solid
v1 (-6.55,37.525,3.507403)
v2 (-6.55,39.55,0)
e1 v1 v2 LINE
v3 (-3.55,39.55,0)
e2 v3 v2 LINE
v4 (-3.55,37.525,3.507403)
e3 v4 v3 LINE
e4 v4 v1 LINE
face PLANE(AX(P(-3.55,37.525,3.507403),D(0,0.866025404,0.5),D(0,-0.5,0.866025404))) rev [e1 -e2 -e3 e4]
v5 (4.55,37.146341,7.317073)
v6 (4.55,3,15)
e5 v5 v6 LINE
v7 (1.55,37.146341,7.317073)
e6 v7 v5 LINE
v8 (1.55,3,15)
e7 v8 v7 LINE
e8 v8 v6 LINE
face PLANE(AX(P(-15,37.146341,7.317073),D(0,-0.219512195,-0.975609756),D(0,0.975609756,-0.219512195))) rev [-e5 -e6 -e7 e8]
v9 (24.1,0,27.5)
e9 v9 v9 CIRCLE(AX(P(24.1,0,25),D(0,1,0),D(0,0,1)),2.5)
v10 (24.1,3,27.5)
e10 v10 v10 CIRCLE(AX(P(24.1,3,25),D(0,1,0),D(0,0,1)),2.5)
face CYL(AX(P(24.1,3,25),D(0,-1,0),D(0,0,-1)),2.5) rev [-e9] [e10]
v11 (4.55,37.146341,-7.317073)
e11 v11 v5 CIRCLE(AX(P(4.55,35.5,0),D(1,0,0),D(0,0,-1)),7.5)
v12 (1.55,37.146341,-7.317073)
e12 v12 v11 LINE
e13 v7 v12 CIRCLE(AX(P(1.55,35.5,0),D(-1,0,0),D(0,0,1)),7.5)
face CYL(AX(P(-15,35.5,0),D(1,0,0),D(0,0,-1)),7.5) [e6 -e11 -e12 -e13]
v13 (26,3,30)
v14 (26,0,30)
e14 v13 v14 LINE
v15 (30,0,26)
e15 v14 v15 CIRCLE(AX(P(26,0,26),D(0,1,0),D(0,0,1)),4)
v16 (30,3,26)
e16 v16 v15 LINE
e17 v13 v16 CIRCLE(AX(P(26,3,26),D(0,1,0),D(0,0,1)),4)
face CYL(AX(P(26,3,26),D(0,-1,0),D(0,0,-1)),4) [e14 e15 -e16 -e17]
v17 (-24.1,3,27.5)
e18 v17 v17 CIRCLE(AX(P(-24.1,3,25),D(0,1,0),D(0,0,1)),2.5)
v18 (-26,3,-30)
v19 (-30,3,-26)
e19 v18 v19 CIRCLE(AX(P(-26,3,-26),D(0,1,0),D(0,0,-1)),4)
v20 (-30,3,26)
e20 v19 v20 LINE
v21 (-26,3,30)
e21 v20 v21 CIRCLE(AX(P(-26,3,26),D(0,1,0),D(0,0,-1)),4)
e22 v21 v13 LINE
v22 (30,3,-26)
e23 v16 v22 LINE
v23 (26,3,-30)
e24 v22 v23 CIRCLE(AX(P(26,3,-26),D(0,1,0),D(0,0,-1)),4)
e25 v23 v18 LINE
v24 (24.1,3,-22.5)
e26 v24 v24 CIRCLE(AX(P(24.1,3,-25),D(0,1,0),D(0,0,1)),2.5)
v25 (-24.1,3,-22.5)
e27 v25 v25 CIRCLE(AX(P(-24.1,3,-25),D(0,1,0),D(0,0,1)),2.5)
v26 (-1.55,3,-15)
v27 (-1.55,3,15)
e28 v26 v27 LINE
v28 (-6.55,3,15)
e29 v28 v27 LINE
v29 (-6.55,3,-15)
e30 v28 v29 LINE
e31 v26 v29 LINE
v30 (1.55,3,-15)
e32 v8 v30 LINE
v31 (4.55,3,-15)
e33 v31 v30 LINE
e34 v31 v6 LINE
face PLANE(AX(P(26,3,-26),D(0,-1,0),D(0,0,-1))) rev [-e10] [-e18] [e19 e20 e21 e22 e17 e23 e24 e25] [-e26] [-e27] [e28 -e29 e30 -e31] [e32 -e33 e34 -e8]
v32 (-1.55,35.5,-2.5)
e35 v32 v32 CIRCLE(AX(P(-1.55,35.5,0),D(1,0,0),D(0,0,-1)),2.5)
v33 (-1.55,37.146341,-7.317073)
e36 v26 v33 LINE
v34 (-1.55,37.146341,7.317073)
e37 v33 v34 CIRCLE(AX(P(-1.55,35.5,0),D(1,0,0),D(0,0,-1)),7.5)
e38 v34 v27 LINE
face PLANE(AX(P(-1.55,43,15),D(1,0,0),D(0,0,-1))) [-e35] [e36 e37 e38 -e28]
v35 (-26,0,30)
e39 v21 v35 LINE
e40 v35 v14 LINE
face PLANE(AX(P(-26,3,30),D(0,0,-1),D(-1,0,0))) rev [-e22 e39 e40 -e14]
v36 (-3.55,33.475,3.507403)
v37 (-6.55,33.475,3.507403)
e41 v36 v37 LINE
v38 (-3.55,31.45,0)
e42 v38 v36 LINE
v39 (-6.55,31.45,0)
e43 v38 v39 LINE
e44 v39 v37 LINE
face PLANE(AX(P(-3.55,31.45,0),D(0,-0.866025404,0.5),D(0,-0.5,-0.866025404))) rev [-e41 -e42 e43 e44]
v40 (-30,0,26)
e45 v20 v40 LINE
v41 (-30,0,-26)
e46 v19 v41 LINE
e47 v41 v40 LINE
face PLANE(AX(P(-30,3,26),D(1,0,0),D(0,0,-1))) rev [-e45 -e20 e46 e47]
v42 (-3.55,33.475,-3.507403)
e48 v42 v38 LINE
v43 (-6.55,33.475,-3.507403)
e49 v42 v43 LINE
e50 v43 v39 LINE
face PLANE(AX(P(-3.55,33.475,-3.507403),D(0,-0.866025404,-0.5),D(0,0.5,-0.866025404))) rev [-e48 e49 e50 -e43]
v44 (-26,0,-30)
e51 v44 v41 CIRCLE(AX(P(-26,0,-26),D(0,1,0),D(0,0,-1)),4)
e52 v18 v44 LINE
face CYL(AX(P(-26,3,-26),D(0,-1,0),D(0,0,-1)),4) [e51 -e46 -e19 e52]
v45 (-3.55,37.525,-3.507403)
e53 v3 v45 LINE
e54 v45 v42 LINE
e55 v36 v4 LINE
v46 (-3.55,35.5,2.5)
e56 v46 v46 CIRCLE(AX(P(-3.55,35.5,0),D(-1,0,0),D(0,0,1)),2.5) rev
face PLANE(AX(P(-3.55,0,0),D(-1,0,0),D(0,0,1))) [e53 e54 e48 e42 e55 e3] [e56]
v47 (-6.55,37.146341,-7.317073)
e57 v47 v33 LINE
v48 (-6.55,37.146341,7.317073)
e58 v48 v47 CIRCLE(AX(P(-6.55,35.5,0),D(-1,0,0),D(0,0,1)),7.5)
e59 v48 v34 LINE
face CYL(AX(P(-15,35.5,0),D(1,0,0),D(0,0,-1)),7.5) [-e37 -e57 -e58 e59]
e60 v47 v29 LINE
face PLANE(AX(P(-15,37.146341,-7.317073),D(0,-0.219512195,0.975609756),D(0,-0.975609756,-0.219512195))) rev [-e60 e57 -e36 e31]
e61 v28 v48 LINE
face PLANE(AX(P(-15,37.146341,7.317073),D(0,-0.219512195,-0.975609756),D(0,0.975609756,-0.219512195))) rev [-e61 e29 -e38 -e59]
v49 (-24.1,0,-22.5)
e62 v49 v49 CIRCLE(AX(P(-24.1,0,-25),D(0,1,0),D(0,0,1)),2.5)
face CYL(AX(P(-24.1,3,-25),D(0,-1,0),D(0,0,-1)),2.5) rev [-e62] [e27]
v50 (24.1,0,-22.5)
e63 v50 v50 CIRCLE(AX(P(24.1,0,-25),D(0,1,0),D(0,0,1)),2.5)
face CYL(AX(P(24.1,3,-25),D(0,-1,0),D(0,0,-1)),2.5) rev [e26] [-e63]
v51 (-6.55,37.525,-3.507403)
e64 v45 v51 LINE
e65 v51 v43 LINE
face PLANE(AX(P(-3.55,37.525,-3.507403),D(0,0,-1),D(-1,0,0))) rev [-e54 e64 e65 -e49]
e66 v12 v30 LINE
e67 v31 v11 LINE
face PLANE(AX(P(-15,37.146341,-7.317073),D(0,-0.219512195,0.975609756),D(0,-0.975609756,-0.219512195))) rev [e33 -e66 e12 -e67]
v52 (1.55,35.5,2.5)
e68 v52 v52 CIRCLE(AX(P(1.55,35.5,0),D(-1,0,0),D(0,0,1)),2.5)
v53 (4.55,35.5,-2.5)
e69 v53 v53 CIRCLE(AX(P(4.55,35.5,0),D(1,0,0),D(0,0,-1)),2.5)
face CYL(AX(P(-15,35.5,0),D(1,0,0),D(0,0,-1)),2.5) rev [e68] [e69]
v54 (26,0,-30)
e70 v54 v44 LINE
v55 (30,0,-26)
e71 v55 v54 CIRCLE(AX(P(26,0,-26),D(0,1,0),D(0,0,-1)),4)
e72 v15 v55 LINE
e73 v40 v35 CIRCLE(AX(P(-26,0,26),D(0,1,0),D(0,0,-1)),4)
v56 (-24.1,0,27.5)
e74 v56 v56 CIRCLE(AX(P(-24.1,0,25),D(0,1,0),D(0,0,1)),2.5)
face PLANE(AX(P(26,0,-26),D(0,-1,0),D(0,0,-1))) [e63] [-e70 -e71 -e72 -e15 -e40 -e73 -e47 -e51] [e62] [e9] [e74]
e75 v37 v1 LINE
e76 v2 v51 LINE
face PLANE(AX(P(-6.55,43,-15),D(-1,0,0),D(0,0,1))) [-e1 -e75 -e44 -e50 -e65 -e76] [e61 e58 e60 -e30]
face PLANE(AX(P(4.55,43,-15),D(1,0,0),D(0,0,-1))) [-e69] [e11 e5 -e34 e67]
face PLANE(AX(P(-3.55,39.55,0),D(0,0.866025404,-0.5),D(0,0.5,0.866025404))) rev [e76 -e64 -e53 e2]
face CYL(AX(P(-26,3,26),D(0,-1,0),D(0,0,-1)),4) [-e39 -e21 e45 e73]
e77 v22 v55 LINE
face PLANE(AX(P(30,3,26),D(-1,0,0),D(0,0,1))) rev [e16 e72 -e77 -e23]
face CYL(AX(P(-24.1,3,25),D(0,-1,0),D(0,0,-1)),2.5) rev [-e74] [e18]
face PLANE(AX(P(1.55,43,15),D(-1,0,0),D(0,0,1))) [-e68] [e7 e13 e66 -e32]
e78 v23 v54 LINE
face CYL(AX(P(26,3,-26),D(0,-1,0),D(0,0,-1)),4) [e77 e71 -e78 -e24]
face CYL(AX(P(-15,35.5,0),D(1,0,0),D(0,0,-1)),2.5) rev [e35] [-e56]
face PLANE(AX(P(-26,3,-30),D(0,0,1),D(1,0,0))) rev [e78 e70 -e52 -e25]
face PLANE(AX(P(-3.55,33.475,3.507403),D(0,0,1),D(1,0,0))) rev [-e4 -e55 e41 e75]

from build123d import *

# Parameters (mm, degrees)
SKETCH2_R           = 2.5
BOSS_EXTRUDE1_DEPTH = 3
SKETCH3_W           = 30
SKETCH3_H           = 30
BOSS_EXTRUDE2_DEPTH = 40
CUT_EXTRUDE2_DEPTH  = 30
CUT_EXTRUDE3_DEPTH  = 30
SKETCH12_W          = 3.1
SKETCH12_H          = 30
SKETCH12_W_2        = 8.45
SKETCH12_W_3        = 10.45
CUT_EXTRUDE4_DEPTH  = 20
SKETCH13_R          = 2.5
CUT_EXTRUDE5_DEPTH  = 15
CUT_EXTRUDE6_DEPTH  = 3


with BuildPart() as part:
    # Sketch2 → Boss-Extrude1 (new body)
    with BuildSketch(Plane(origin=(0, 0, 0), x_dir=(1, 0, 0), z_dir=(0, 1, 0))):
        with BuildLine():
            Line((-26, -30), (26, -30))
            ThreePointArc((26, -30), (28.828427125, -28.828427125), (30, -26))
            Line((30, -26), (30, 26))
            ThreePointArc((30, 26), (28.828427125, 28.828427125), (26, 30))
            Line((26, 30), (-26, 30))
            ThreePointArc((-26, 30), (-28.828427125, 28.828427125), (-30, 26))
            Line((-30, 26), (-30, -26))
            ThreePointArc((-30, -26), (-28.828427125, -28.828427125), (-26, -30))
        make_face()
        with Locations(Location((-24.1, 25, 0), (0, 0, 270))):
            Circle(SKETCH2_R, mode=Mode.SUBTRACT)
        with Locations(Location((24.1, 25, 0), (0, 0, 270))):
            Circle(SKETCH2_R, mode=Mode.SUBTRACT)
        with Locations(Location((-24.1, -25, 0), (0, 0, 270))):
            Circle(SKETCH2_R, mode=Mode.SUBTRACT)
        with Locations(Location((24.1, -25, 0), (0, 0, 270))):
            Circle(SKETCH2_R, mode=Mode.SUBTRACT)
    extrude(amount=BOSS_EXTRUDE1_DEPTH)

    # Sketch3 → Boss-Extrude2 (add)
    with BuildSketch(Plane(origin=(0, 3, 0), x_dir=(1, 0, 0), z_dir=(0, 1, 0))):
        Rectangle(SKETCH3_W, SKETCH3_H)
    extrude(amount=BOSS_EXTRUDE2_DEPTH)

    # Sketch8 → Cut-Extrude2 (cut)
    with BuildSketch(Plane(origin=(15, 0, 0), x_dir=(0, 0, -1), z_dir=(1, 0, 0))):
        with BuildLine():
            Line((-7.317073171, 37.146341463), (-15, 3))
            Line((-15, 3), (-15, 43))
            Line((-15, 43), (0, 43))
            ThreePointArc((0, 43), (-4.685212857, 41.356516071), (-7.317073171, 37.146341463))
        make_face()
    extrude(amount=-CUT_EXTRUDE2_DEPTH, mode=Mode.SUBTRACT)

    # Sketch10 → Cut-Extrude3 (cut)
    with BuildSketch(Plane(origin=(15, 0, 0), x_dir=(0, 0, -1), z_dir=(1, 0, 0))):
        with BuildLine():
            Line((7.317073171, 37.146341463), (15, 3))
            Line((15, 3), (15, 43))
            Line((15, 43), (0, 43))
            ThreePointArc((0, 43), (4.685212857, 41.356516071), (7.317073171, 37.146341463))
        make_face()
    extrude(amount=-CUT_EXTRUDE3_DEPTH, mode=Mode.SUBTRACT)

    # Sketch12 → Cut-Extrude4 (cut, symmetric)
    with BuildSketch(Plane(origin=(0, 23, 0), x_dir=(1, 0, 0), z_dir=(0, 1, 0))):
        Rectangle(SKETCH12_W, SKETCH12_H)
        with Locations((-10.775, 0)):
            Rectangle(SKETCH12_W_2, SKETCH12_H)
        with Locations((9.775, 0)):
            Rectangle(SKETCH12_W_3, SKETCH12_H)
    extrude(amount=CUT_EXTRUDE4_DEPTH, both=True, mode=Mode.SUBTRACT)

    # Sketch13 → Cut-Extrude5 (cut, symmetric)
    with BuildSketch(Plane(origin=(0, 0, 0), x_dir=(0, 0, -1), z_dir=(1, 0, 0))):
        with Locations((0, 35.5)):
            Circle(SKETCH13_R)
    extrude(amount=CUT_EXTRUDE5_DEPTH, both=True, mode=Mode.SUBTRACT)

    # Sketch14 → Cut-Extrude6 (cut)
    with BuildSketch(Plane.ZY.offset(6.55)):
        Polygon((-3.507402885, 37.525), (-3.507402885, 33.475), (0, 31.45), (3.507402885, 33.475), (3.507402885, 37.525), (0, 39.55), align=None)
    extrude(amount=-CUT_EXTRUDE6_DEPTH, mode=Mode.SUBTRACT)


solid = part.part
